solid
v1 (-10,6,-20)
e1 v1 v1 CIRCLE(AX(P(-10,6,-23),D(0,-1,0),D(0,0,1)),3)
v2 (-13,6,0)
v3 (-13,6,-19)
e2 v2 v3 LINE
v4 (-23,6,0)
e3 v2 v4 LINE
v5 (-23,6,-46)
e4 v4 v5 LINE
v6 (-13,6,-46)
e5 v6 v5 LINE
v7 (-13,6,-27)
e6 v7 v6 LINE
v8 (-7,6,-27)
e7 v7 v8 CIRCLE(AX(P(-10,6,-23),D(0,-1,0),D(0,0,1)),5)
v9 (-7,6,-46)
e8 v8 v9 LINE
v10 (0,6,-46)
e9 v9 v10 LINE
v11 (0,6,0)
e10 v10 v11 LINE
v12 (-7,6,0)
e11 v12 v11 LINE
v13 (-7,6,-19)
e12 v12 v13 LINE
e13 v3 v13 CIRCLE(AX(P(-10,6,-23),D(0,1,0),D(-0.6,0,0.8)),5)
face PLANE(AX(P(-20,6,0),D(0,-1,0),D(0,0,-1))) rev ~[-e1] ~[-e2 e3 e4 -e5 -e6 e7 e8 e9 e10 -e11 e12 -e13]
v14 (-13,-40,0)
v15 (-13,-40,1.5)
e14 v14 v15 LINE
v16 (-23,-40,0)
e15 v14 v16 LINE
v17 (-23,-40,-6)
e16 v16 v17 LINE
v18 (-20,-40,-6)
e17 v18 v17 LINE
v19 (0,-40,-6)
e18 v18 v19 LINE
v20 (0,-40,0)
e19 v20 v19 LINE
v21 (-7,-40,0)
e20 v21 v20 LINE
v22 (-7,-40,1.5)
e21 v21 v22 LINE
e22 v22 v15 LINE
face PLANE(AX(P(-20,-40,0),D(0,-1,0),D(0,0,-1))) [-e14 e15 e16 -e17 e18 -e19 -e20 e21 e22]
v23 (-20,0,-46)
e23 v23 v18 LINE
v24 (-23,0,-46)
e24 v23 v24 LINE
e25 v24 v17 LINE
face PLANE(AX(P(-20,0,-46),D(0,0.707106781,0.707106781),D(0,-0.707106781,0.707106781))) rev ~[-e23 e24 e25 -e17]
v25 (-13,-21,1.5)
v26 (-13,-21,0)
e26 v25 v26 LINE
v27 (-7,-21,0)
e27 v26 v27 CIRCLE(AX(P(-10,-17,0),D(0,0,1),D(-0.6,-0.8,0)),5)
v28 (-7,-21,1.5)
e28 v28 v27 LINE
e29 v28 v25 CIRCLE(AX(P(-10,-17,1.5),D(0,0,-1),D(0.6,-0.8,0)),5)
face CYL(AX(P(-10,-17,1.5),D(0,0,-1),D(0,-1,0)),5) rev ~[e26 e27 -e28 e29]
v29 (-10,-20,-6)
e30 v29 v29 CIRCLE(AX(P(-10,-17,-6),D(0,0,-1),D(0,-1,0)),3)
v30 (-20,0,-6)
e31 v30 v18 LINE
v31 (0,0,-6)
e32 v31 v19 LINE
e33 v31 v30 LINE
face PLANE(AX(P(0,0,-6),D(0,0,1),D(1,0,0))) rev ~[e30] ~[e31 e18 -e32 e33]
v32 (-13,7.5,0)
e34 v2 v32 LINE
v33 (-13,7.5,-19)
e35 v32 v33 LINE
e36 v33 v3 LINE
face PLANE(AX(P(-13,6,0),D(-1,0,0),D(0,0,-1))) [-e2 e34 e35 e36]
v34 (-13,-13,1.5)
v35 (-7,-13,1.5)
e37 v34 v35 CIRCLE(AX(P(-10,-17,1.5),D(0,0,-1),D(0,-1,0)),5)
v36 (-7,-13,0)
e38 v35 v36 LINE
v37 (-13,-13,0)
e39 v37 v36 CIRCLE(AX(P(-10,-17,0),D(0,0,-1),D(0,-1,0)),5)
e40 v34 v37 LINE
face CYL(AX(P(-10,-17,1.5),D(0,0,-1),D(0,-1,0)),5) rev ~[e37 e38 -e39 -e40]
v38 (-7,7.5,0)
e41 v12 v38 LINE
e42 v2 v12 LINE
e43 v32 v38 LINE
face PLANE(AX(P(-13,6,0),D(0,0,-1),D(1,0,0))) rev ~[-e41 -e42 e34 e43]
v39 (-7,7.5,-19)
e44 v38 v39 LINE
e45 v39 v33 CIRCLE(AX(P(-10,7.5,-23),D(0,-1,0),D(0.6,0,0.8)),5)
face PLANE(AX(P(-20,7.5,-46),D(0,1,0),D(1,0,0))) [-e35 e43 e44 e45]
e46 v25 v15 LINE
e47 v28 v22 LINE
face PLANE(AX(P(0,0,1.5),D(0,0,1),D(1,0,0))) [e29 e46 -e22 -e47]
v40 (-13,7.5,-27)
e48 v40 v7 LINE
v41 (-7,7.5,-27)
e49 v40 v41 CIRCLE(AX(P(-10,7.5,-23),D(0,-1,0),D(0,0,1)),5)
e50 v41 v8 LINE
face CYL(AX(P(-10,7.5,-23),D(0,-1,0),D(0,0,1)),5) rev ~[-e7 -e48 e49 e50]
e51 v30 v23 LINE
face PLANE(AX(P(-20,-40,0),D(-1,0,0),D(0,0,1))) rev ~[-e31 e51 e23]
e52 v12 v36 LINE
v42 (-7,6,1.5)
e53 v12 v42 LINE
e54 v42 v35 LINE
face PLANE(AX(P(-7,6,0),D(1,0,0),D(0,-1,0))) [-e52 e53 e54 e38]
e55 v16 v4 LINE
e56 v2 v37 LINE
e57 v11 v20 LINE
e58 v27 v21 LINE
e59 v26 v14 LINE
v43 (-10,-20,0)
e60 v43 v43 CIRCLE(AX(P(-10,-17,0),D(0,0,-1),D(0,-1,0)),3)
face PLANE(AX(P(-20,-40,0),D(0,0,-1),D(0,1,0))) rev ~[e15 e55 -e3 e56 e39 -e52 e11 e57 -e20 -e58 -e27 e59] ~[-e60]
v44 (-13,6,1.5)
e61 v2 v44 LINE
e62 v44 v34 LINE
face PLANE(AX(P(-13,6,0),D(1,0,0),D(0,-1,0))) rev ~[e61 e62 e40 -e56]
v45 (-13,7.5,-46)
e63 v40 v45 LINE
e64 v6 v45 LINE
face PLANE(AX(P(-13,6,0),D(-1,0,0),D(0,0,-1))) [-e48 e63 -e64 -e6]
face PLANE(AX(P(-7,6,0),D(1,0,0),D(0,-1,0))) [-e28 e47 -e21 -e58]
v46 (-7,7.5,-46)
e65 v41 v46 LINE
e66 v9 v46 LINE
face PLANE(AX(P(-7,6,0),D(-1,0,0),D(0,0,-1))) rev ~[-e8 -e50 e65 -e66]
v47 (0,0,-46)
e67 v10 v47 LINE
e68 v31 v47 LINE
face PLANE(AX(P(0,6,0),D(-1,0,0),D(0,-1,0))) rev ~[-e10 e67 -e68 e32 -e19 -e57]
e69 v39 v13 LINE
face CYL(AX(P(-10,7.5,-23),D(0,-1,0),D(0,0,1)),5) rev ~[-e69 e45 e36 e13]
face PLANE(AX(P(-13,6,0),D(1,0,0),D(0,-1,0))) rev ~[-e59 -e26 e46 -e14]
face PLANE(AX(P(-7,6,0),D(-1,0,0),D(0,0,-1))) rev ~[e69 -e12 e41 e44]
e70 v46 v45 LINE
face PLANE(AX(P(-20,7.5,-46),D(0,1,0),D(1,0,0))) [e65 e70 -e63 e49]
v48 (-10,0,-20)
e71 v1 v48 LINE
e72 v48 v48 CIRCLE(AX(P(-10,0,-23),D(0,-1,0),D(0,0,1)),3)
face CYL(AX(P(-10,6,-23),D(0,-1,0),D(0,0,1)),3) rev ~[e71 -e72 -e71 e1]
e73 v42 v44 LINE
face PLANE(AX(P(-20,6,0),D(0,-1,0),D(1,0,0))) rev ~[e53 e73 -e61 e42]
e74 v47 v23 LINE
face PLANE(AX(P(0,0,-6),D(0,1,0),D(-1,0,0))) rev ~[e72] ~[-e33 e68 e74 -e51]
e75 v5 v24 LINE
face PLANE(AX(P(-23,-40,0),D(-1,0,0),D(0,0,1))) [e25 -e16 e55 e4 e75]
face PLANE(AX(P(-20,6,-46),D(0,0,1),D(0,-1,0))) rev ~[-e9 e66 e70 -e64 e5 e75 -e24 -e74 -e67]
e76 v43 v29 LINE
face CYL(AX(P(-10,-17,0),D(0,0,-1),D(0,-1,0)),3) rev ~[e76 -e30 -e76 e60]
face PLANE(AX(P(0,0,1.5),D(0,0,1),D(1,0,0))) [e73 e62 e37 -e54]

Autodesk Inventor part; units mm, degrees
ref_plane "YZ Plane" through (0, 0, 0) normal (1, 0, 0) x (0, 1, 0)
ref_plane "XZ Plane" through (0, 0, 0) normal (0, 1, 0) x (-1, 0, 0)
ref_plane "XY Plane" through (0, 0, 0) normal (0, 0, 1) x (1, 0, 0)
sketch "Sketch1" plane through (0, 0, 0) normal (0, 0, 1) x (1, 0, 0)
  line L0 (0, 6) -> (0, -40)
  line L1 (-20, 6) -> (-20, -40)
  line L2 (-20, 6) -> (0, 6)
  line L3 (-20, -40) -> (0, -40)
  point P0 (0, 0)
  dimension "d6" = 20
  dimension "d10" = 6
extrude "Extrusion1" add sketch "Sketch1" against normal blind 6
sketch "Sketch2" plane through (0, 0, -6) normal (0, 0, -1) x (-1, 0, 0)
  line L0 (20, -40) -> (20, 6) projected
  line L1 (0, 6) -> (0, -40) projected
  line L2 (20, 6) -> (0, 6)
  line L3 (0, 6) -> (0, 0)
  line L4 (0, 0) -> (20, 0)
  line L5 (20, 0) -> (20, 6)
  point P0 (0, 0)
  dimension "d13" = 6
extrude "Extrusion2" add sketch "Sketch2" along normal blind 40
sketch "Sketch3" plane through (0, 0, 0) normal (0, 0, 1) x (1, 0, 0)
  line L0 (0, 6) -> (-20, 6) projected
  line L1 (-13, 6) -> (-13, -40)
  line L2 (-20, 6) -> (-20, -40) projected
  line L3 (-7, 6) -> (-7, -40)
  line L4 (0, -40) -> (-20, -40) projected
  line L5 (-13, 6) -> (-7, 6)
  line L6 (-13, -40) -> (-7, -40)
  point P0 (0, 0)
  dimension "d16" = 7
  dimension "d17" = 6
extrude "Extrusion3" add sketch "Sketch3" along normal blind 1.5 contours L3 L4 L1 L0
sketch "Sketch4" plane through (-20, 6, -46) normal (0, 1, 0) x (1, 0, 0)
  line L0 (20, -46) -> (13, -46) projected
  line L1 (13, -46) -> (13, 0)
  line L2 (20, 0) -> (0, 0) projected
  line L3 (7, -46) -> (7, -47.5) projected
  line L4 (7, -46) -> (7, 0)
  line L5 (7, 0) -> (13, 0)
  line L6 (7, -46) -> (13, -46)
extrude "Extrusion4" add sketch "Sketch4" along normal blind 1.5
sketch "Sketch5" plane through (-20, 7.5, -46) normal (0, 1, 0) x (1, 0, 0)
  line L0 (20, -46) -> (20, 0) projected
  line L1 (0, 0) -> (7, 0) projected
  point P0 (10, -23)
  dimension "d22" = 10
  dimension "d23" = 23
hole "Hole1" at (-10, 7.5, -23) direction (0, -1, 0) diameter 6 end through all counterbore diameter 10 counterbore depth 1.5
sketch "Sketch6" plane through (0, 0, 1.5) normal (0, 0, 1) x (1, 0, 0)
  line L0 (-7, -40) -> (0, -40) projected
  line L1 (0, -40) -> (0, 6) projected
  point P0 (0, 0)
  point P1 (-10, -17)
  dimension "d31" = 23
  dimension "d32" = 10
hole "Hole2" at (-10, -17, 1.5) direction (0, 0, -1) diameter 6 end through all counterbore diameter 10 counterbore depth 1.5
sketch "Sketch7" plane through (-20, -40, 0) normal (-1, 0, 0) x (0, 0, 1)
  line L0 (0, 0) -> (0, 46) projected
  line L1 (0, 46) -> (-46, 46) projected
  line L2 (0, 0) -> (0, 46)
  line L3 (-46, 46) -> (-46, 40) projected
  line L4 (0, 46) -> (-46, 46)
  line L5 (-46, 46) -> (-46, 40)
  line L6 (0, 0) -> (-6, 0) projected
  line L7 (-46, 40) -> (-6, 0)
  line L8 (-6, 0) -> (0, 0)
  point P0 (0, 40)
extrude "Extrusion5" add sketch "Sketch7" along normal blind 3
properties part number "Estrutura - SuporteCanto"
